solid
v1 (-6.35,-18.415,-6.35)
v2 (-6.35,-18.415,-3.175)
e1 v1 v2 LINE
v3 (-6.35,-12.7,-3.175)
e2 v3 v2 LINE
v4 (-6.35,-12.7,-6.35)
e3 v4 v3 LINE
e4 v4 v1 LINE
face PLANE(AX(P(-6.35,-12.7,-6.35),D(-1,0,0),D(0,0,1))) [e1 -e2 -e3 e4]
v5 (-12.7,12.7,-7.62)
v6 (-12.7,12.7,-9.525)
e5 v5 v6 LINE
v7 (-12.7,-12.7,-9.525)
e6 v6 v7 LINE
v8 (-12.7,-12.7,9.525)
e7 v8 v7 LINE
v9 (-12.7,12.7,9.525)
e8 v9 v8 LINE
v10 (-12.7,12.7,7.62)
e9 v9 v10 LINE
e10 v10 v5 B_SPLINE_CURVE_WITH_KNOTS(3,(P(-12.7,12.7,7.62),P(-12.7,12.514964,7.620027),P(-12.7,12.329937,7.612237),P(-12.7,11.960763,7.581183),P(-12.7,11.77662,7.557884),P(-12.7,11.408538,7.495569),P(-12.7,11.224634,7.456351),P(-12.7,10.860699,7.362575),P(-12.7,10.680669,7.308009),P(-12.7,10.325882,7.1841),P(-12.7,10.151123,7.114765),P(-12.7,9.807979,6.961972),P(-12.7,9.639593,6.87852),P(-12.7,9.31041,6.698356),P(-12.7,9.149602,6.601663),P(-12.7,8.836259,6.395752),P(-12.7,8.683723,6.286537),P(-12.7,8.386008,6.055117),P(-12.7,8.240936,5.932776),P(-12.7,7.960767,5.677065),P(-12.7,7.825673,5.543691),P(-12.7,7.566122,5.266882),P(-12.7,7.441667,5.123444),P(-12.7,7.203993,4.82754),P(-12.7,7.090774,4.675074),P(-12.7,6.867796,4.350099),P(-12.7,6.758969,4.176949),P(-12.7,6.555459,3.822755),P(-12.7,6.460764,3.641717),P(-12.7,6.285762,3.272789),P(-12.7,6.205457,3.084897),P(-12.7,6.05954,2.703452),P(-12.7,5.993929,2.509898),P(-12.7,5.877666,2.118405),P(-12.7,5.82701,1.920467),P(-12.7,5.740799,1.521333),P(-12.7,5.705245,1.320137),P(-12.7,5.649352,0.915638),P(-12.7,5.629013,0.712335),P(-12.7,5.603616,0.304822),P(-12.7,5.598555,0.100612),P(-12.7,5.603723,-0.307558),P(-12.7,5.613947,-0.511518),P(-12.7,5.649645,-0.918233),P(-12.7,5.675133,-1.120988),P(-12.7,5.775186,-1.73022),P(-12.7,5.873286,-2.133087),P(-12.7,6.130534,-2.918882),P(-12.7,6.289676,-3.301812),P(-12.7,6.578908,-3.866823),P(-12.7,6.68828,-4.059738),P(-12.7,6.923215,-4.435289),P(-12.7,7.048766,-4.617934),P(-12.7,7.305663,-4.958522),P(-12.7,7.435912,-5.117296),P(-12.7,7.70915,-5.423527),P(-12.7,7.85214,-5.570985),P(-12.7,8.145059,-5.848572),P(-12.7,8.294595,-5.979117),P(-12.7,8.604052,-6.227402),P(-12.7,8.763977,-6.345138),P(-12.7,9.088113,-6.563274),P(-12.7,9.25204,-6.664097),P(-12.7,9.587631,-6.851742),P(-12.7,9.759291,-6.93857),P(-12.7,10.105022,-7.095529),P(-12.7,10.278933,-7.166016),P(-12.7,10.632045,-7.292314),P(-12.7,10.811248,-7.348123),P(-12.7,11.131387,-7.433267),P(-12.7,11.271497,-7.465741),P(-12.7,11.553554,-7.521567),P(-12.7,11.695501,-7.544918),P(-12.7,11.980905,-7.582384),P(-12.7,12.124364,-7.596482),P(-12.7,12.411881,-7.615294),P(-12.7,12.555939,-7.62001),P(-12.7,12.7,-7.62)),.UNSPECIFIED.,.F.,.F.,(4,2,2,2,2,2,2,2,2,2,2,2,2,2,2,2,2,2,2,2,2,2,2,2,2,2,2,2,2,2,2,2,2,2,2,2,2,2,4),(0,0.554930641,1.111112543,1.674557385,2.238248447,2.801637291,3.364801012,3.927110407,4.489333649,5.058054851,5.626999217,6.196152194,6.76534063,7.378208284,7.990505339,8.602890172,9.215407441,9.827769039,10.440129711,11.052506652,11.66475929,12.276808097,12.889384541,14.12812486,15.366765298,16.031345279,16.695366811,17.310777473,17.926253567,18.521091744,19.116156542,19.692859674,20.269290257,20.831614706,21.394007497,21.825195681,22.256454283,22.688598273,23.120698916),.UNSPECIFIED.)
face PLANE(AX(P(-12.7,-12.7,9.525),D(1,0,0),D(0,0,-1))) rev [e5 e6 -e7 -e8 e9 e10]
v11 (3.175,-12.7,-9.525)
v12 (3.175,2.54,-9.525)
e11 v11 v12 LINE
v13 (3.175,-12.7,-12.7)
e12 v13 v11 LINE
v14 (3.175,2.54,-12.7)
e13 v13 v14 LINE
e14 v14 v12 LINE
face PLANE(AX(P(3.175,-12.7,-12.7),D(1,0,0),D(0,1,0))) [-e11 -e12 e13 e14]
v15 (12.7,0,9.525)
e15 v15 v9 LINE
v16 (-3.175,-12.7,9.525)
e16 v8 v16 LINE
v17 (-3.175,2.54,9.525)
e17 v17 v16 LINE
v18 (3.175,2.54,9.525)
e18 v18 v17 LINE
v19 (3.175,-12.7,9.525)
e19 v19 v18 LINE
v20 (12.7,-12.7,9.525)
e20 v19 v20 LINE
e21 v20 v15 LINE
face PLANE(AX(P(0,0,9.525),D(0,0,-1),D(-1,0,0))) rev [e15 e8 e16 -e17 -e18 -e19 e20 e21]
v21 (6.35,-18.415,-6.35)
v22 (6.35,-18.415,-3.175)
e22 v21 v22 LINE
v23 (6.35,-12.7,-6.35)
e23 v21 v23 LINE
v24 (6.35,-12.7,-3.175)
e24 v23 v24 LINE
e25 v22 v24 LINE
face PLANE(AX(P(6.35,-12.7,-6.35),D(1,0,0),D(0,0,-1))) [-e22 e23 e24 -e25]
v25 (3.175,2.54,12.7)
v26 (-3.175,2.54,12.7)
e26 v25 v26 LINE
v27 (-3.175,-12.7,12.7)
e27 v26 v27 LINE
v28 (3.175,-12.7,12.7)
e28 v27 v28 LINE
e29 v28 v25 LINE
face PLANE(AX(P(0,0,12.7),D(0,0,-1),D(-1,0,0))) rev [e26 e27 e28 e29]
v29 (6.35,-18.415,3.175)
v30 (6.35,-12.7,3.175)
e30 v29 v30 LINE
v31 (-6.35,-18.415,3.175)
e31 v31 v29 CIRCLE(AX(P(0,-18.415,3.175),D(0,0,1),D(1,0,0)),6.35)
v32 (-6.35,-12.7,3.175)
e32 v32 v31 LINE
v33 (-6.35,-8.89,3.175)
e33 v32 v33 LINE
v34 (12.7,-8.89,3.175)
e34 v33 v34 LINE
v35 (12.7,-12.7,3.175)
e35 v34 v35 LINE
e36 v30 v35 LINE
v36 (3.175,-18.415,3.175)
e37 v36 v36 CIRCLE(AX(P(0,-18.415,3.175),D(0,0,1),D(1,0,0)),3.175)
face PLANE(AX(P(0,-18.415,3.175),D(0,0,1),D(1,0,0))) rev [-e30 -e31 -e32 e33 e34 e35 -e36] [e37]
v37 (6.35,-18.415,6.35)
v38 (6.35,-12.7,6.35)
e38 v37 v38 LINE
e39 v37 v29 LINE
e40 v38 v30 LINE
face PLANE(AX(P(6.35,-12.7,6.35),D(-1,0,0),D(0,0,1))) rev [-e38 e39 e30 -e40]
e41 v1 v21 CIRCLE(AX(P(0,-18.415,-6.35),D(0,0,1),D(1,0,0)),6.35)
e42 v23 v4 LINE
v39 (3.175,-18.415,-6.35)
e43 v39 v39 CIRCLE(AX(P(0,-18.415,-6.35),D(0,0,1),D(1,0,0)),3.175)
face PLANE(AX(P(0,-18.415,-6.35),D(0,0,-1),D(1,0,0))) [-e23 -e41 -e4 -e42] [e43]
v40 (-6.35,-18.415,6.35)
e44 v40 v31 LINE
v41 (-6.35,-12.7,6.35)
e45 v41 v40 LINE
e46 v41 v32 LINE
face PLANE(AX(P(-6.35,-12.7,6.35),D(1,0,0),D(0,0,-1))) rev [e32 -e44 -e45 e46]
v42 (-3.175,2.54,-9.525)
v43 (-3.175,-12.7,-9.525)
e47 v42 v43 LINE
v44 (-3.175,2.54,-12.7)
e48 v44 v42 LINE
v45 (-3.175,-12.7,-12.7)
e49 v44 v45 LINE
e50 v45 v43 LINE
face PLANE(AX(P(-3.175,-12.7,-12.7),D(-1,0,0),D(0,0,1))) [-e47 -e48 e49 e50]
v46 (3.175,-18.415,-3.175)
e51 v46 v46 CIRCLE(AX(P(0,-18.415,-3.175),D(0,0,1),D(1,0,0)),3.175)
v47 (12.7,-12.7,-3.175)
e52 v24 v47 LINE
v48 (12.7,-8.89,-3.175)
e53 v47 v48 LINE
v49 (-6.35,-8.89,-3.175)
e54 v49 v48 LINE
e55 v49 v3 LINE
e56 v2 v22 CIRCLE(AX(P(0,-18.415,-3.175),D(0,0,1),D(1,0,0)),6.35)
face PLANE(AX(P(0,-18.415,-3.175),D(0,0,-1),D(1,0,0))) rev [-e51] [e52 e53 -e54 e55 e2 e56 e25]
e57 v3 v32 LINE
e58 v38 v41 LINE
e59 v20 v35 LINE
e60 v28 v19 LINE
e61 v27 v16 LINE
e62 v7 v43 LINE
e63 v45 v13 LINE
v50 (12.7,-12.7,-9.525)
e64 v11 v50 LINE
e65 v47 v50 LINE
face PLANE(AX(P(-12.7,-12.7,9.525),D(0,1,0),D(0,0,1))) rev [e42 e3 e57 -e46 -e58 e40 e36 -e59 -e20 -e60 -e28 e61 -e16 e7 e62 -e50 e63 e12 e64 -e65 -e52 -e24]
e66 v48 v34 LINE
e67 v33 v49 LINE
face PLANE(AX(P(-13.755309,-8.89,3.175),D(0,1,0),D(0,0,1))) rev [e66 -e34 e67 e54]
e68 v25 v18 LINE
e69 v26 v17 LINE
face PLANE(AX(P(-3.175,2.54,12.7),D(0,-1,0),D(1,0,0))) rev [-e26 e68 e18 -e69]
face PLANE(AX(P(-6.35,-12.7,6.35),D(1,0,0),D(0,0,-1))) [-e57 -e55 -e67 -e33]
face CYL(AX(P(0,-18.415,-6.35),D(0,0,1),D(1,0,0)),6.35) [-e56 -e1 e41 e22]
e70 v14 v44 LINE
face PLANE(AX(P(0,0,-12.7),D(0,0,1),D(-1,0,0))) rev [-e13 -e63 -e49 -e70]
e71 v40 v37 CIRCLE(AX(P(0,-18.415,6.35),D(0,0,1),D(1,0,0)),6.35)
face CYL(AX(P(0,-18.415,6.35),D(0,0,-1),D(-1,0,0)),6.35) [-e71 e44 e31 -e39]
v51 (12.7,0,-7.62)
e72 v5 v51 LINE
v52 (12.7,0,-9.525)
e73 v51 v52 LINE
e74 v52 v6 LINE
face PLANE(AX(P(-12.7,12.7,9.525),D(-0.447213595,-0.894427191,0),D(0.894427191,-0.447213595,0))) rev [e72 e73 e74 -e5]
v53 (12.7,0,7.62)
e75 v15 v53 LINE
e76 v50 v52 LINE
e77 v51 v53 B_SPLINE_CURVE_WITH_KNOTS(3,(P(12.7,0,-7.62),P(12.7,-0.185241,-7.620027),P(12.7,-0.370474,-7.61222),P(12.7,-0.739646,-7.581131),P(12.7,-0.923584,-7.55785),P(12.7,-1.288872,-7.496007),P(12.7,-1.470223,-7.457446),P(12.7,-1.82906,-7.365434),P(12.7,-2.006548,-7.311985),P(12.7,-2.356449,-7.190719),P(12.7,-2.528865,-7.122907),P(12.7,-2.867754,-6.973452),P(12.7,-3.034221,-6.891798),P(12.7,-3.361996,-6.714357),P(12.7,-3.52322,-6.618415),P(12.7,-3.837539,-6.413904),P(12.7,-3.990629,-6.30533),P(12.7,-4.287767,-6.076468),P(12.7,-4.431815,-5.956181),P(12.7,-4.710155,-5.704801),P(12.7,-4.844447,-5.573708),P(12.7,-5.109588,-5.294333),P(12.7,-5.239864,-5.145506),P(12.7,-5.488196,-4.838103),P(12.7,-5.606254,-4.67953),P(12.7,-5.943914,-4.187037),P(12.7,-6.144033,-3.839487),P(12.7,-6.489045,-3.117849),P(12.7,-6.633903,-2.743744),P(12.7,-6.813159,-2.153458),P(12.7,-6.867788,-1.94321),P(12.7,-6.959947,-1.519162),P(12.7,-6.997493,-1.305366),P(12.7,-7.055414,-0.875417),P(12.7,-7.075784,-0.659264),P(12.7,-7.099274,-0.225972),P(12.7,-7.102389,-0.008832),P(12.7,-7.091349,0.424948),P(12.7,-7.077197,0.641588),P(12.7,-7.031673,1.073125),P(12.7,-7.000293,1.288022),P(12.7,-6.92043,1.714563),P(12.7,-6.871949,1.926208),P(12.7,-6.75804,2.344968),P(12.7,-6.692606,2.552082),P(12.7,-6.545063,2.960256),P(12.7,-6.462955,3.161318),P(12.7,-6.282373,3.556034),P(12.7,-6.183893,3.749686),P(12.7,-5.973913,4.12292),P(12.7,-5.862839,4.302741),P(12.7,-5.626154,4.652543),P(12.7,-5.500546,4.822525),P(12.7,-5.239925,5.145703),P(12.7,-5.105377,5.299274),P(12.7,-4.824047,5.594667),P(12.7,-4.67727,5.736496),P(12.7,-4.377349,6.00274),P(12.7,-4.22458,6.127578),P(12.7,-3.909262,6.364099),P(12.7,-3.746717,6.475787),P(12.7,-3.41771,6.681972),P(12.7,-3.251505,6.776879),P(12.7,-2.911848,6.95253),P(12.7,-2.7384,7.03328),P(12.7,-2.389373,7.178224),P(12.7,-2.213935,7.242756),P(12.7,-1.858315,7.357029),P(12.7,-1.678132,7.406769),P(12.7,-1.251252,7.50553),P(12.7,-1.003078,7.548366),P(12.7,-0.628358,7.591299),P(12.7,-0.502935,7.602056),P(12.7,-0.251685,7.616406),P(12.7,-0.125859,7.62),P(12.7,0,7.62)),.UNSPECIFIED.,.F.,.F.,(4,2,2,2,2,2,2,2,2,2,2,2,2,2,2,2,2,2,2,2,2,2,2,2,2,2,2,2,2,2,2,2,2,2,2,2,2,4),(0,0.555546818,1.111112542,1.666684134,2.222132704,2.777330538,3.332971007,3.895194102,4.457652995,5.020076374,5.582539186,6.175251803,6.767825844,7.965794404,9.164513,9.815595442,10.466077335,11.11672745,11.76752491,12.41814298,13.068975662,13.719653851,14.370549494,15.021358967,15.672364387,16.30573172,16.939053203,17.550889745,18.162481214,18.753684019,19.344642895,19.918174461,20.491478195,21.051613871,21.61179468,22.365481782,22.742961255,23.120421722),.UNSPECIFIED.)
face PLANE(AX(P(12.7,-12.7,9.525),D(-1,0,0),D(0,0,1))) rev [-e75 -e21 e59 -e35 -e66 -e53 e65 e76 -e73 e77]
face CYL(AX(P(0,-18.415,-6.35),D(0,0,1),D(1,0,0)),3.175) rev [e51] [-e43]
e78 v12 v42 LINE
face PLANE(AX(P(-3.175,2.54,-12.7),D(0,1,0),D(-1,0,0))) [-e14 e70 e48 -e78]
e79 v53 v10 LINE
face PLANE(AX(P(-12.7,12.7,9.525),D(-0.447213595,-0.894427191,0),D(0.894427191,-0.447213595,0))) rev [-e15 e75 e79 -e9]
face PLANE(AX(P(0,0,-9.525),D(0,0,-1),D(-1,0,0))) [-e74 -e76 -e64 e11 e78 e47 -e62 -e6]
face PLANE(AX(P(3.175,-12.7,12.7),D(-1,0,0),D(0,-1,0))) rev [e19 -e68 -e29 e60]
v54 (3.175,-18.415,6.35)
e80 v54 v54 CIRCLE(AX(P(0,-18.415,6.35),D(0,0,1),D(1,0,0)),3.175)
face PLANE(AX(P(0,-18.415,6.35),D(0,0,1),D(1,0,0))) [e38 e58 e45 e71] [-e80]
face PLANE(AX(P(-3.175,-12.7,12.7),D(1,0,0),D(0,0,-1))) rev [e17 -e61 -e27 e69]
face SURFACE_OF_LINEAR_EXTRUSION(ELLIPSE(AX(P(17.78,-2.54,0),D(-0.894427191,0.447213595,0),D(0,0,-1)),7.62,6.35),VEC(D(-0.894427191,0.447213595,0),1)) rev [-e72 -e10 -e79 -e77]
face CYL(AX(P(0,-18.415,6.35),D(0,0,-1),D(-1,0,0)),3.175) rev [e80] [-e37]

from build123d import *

# Parameters (mm, degrees)
BOSS_EXTRUDE1_DEPTH = 9.525
SKETCH3_RX          = 7.62
SKETCH3_RY          = 6.35
CUT_EXTRUDE1_DEPTH  = 35.077675977
SKETCH4_W           = 6.35
SKETCH4_H           = 15.24
BOSS_EXTRUDE2_DEPTH = 3.175
SKETCH5_R           = 3.175
BOSS_EXTRUDE3_DEPTH = 3.175
SKETCH6_W           = 6.35
SKETCH6_H           = 3.81
CUT_EXTRUDE2_DEPTH  = 19.05


with BuildPart() as part:
    # Sketch1 → Boss-Extrude1 (new body, symmetric)
    with BuildSketch(Plane.XY):
        Polygon((-12.7, 12.7), (12.7, 0), (12.7, -12.7), (-12.7, -12.7), align=None)
    extrude(amount=BOSS_EXTRUDE1_DEPTH, both=True)

    # Sketch3 → Cut-Extrude1 (cut, through all)
    with BuildSketch(Plane(origin=(-15.24, 7.62, 0), x_dir=(0, 0, -1), z_dir=(-0.894427191, 0.447213595, 0))):
        with Locations(Location((0, -5.679612663), (0, 0, 0))):
            Ellipse(SKETCH3_RX, SKETCH3_RY)
    extrude(amount=-CUT_EXTRUDE1_DEPTH, mode=Mode.SUBTRACT)

    # Sketch4 → Boss-Extrude2 (add)
    with BuildSketch(Plane.XY.offset(9.525)):
        with Locations((0, -5.08)):
            Rectangle(SKETCH4_W, SKETCH4_H)
    boss_extrude2 = extrude(amount=BOSS_EXTRUDE2_DEPTH)

    # Sketch5 → Boss-Extrude3 (add)
    with BuildSketch(Plane.XY.offset(3.175)):
        with BuildLine():
            Line((-6.35, -12.7), (-6.35, -18.415))
            ThreePointArc((-6.35, -18.415), (0, -24.765), (6.35, -18.415))
            Line((6.35, -18.415), (6.35, -12.7))
            Line((6.35, -12.7), (-6.35, -12.7))
        make_face()
        with Locations((0, -18.415)):
            Circle(SKETCH5_R, mode=Mode.SUBTRACT)
    boss_extrude3 = extrude(amount=BOSS_EXTRUDE3_DEPTH)

    # Mirror1: Boss-Extrude2, Boss-Extrude3 across plane
    add(boss_extrude2.mirror(Plane.XY))
    add(boss_extrude3.mirror(Plane.XY))

    # Sketch6 → Cut-Extrude2 (cut)
    with BuildSketch(Plane(origin=(12.7, 0, 0), x_dir=(0, 0, -1), z_dir=(1, 0, 0))):
        with Locations((0, -10.795)):
            Rectangle(SKETCH6_W, SKETCH6_H)
    extrude(amount=-CUT_EXTRUDE2_DEPTH, mode=Mode.SUBTRACT)


solid = part.part
